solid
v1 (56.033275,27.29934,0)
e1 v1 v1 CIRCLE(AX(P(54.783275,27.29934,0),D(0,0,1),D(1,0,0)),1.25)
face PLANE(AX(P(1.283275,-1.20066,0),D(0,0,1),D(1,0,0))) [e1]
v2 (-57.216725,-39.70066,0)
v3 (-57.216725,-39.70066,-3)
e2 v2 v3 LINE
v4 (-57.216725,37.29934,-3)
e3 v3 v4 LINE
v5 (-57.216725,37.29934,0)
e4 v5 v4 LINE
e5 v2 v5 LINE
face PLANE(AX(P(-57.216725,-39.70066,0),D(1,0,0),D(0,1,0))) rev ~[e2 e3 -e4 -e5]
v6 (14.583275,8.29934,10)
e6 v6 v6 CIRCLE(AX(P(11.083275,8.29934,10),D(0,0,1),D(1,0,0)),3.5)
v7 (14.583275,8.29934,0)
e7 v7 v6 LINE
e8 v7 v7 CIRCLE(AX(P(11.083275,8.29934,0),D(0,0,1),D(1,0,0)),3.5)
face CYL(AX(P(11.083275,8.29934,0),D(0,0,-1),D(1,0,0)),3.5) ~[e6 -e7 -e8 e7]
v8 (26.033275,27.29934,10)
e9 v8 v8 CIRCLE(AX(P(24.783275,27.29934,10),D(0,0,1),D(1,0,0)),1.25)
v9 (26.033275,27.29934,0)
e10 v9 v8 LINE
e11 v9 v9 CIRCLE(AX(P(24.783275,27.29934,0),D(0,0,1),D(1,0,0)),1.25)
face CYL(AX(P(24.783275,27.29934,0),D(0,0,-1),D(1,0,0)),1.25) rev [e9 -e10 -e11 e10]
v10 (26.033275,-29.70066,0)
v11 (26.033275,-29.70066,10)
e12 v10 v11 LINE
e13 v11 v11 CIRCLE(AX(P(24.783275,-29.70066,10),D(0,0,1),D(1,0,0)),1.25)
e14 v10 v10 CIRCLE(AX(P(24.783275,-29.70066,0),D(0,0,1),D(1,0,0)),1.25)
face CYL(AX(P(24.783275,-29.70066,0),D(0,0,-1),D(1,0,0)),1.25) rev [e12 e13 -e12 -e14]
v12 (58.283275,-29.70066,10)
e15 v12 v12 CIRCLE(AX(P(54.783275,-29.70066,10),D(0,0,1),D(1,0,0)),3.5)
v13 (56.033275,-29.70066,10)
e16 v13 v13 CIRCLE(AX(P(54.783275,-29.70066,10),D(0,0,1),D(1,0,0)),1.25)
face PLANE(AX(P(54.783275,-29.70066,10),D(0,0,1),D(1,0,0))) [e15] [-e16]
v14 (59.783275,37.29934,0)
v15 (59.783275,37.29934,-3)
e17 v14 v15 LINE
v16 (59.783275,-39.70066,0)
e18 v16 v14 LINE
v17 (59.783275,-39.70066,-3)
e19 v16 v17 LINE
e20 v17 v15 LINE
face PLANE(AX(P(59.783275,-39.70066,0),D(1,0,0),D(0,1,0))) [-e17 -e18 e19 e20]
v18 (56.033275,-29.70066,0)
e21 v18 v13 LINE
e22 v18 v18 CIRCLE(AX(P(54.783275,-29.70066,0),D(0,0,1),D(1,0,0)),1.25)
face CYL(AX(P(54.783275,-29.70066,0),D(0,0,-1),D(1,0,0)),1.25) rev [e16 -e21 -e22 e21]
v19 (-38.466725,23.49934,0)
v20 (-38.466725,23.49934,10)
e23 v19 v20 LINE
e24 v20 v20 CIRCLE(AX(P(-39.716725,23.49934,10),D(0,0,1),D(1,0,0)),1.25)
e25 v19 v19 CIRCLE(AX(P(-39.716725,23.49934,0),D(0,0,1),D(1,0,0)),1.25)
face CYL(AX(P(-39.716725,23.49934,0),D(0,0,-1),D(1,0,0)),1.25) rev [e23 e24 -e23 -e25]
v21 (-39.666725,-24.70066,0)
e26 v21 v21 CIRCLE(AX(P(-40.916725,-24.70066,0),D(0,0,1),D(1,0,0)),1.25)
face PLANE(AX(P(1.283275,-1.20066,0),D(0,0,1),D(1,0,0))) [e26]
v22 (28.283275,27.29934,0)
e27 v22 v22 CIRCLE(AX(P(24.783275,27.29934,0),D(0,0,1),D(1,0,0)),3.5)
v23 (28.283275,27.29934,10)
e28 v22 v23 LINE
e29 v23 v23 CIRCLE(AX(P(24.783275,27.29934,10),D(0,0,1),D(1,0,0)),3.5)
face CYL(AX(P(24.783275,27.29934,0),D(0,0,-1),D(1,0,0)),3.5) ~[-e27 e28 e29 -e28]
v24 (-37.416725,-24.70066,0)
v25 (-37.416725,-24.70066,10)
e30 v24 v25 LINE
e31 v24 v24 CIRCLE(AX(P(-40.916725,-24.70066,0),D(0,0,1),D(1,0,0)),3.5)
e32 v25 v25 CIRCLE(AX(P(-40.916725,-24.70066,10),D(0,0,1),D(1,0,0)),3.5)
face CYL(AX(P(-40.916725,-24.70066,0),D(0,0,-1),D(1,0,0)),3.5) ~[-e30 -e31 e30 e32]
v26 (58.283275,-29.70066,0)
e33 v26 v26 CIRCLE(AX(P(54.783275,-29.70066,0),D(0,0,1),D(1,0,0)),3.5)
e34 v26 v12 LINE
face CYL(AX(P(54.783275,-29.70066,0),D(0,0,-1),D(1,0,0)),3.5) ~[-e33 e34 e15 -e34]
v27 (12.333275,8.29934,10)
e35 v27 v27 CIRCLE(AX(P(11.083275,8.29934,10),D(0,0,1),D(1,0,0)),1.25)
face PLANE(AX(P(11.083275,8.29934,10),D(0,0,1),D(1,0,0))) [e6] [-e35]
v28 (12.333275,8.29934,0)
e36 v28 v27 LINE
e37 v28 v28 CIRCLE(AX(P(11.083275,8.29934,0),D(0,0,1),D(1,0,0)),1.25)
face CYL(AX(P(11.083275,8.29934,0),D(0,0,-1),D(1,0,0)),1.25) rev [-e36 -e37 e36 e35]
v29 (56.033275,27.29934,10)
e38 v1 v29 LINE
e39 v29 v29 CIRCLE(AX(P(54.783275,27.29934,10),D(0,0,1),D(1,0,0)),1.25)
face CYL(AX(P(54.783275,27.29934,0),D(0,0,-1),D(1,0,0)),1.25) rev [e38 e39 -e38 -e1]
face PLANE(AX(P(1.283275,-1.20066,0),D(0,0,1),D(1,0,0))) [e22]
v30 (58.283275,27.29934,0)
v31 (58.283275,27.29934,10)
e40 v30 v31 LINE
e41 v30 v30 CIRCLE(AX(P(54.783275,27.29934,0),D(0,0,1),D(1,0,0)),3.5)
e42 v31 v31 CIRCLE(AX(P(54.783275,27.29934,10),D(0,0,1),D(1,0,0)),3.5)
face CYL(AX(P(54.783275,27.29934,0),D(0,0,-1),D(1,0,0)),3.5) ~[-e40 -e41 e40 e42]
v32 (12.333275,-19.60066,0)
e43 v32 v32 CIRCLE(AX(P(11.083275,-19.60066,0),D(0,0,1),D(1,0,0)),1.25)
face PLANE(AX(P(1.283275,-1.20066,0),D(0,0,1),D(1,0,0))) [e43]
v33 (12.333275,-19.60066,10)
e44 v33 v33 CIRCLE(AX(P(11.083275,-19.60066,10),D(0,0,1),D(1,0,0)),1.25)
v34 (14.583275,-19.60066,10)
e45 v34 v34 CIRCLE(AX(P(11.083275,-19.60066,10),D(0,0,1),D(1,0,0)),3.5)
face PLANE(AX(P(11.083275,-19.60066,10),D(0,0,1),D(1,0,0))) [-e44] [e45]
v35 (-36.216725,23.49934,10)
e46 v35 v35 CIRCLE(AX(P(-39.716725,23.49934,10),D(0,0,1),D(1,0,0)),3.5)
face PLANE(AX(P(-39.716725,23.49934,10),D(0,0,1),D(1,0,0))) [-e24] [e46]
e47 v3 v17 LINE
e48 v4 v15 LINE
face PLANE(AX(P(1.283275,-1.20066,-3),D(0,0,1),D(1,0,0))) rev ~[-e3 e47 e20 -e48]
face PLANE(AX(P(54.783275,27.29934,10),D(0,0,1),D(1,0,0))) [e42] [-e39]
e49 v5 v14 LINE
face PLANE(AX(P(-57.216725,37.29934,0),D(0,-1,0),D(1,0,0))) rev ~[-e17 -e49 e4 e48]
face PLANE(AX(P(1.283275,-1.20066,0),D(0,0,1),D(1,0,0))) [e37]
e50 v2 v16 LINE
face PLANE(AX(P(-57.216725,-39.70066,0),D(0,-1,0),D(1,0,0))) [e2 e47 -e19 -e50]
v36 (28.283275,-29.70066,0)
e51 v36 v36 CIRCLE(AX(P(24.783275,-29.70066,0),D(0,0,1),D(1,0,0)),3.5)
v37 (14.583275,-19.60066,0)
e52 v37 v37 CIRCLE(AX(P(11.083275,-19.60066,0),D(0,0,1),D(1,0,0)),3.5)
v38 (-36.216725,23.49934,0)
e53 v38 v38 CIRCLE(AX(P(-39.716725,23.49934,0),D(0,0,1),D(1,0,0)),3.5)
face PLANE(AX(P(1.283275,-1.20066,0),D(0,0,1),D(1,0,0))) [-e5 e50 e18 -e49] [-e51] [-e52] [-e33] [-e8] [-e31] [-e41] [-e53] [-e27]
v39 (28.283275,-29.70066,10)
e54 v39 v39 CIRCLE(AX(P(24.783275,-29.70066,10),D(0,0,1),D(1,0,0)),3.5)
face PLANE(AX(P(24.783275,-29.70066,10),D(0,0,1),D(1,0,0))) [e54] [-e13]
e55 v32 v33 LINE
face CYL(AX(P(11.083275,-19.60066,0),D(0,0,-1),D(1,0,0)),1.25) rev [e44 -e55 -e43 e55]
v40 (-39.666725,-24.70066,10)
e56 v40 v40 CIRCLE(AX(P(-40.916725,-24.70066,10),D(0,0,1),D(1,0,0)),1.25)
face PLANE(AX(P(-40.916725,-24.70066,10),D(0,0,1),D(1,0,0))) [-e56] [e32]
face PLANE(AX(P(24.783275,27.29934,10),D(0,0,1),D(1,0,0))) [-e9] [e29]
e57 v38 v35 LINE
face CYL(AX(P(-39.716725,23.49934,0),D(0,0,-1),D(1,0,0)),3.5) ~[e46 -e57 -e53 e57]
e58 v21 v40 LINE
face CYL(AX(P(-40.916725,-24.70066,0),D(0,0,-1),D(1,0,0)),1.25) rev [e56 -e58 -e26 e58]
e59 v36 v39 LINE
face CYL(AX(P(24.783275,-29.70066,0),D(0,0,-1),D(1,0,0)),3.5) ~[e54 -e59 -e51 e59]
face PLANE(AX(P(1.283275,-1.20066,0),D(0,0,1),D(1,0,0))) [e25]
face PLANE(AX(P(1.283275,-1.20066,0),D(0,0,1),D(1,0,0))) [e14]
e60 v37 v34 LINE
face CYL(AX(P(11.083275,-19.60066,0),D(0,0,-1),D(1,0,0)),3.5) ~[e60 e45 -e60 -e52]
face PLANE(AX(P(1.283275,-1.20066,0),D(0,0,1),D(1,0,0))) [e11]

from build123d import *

# Parameters (mm, degrees)
F0_W     = 117
F0_H     = 77
F0_R     = 3.5
F0_R_2   = 1.25
F1_DEPTH = 3
F2_DEPTH = 10


with BuildPart() as f1:
    # F0 (on Top) → F1 (new body)
    with BuildSketch(Plane.XY):
        with Locations((1.2832747996, -1.2006596088)):
            Rectangle(F0_W, F0_H)
        with Locations((-40.9167252004, -24.7006596088)):
            Circle(F0_R, mode=Mode.SUBTRACT)
        with Locations((24.7832747996, -29.7006596088)):
            Circle(F0_R, mode=Mode.SUBTRACT)
        with Locations((54.7832747996, -29.7006596088)):
            Circle(F0_R, mode=Mode.SUBTRACT)
        with Locations((11.0832747996, -19.6006596088)):
            Circle(F0_R, mode=Mode.SUBTRACT)
        with Locations((-39.7167252004, 23.4993403912)):
            Circle(F0_R, mode=Mode.SUBTRACT)
        with Locations((11.0832747996, 8.2993403912)):
            Circle(F0_R, mode=Mode.SUBTRACT)
        with Locations((24.7832747996, 27.2993403912)):
            Circle(F0_R, mode=Mode.SUBTRACT)
        with Locations((54.7832747996, 27.2993403912)):
            Circle(F0_R, mode=Mode.SUBTRACT)
        with Locations((-39.7167252004, 23.4993403912)):
            Circle(F0_R)
        with Locations((-39.7167252004, 23.4993403912)):
            Circle(F0_R_2, mode=Mode.SUBTRACT)
        with Locations((11.0832747996, 8.2993403912)):
            Circle(F0_R)
        with Locations((11.0832747996, 8.2993403912)):
            Circle(F0_R_2, mode=Mode.SUBTRACT)
        with Locations((11.0832747996, -19.6006596088)):
            Circle(F0_R)
        with Locations((11.0832747996, -19.6006596088)):
            Circle(F0_R_2, mode=Mode.SUBTRACT)
        with Locations((-40.9167252004, -24.7006596088)):
            Circle(F0_R)
        with Locations((-40.9167252004, -24.7006596088)):
            Circle(F0_R_2, mode=Mode.SUBTRACT)
        with Locations((24.7832747996, 27.2993403912)):
            Circle(F0_R)
        with Locations((24.7832747996, 27.2993403912)):
            Circle(F0_R_2, mode=Mode.SUBTRACT)
        with Locations((54.7832747996, 27.2993403912)):
            Circle(F0_R)
        with Locations((54.7832747996, 27.2993403912)):
            Circle(F0_R_2, mode=Mode.SUBTRACT)
        with Locations((54.7832747996, -29.7006596088)):
            Circle(F0_R)
        with Locations((54.7832747996, -29.7006596088)):
            Circle(F0_R_2, mode=Mode.SUBTRACT)
        with Locations((24.7832747996, -29.7006596088)):
            Circle(F0_R)
        with Locations((24.7832747996, -29.7006596088)):
            Circle(F0_R_2, mode=Mode.SUBTRACT)
        with Locations((11.0832747996, 8.2993403912)):
            Circle(F0_R_2)
        with Locations((11.0832747996, -19.6006596088)):
            Circle(F0_R_2)
        with Locations((-40.9167252004, -24.7006596088)):
            Circle(F0_R_2)
        with Locations((-39.7167252004, 23.4993403912)):
            Circle(F0_R_2)
        with Locations((24.7832747996, 27.2993403912)):
            Circle(F0_R_2)
        with Locations((54.7832747996, 27.2993403912)):
            Circle(F0_R_2)
        with Locations((54.7832747996, -29.7006596088)):
            Circle(F0_R_2)
        with Locations((24.7832747996, -29.7006596088)):
            Circle(F0_R_2)
    extrude(amount=-F1_DEPTH)

    # F0 (on Top) → F2 (join)
    with BuildSketch(Plane.XY):
        with Locations((-39.7167252004, 23.4993403912)):
            Circle(F0_R)
        with Locations((-39.7167252004, 23.4993403912)):
            Circle(F0_R_2, mode=Mode.SUBTRACT)
        with Locations((11.0832747996, 8.2993403912)):
            Circle(F0_R)
        with Locations((11.0832747996, 8.2993403912)):
            Circle(F0_R_2, mode=Mode.SUBTRACT)
        with Locations((11.0832747996, -19.6006596088)):
            Circle(F0_R)
        with Locations((11.0832747996, -19.6006596088)):
            Circle(F0_R_2, mode=Mode.SUBTRACT)
        with Locations((-40.9167252004, -24.7006596088)):
            Circle(F0_R)
        with Locations((-40.9167252004, -24.7006596088)):
            Circle(F0_R_2, mode=Mode.SUBTRACT)
        with Locations((24.7832747996, -29.7006596088)):
            Circle(F0_R)
        with Locations((24.7832747996, -29.7006596088)):
            Circle(F0_R_2, mode=Mode.SUBTRACT)
        with Locations((54.7832747996, -29.7006596088)):
            Circle(F0_R)
        with Locations((54.7832747996, -29.7006596088)):
            Circle(F0_R_2, mode=Mode.SUBTRACT)
        with Locations((24.7832747996, 27.2993403912)):
            Circle(F0_R)
        with Locations((24.7832747996, 27.2993403912)):
            Circle(F0_R_2, mode=Mode.SUBTRACT)
        with Locations((54.7832747996, 27.2993403912)):
            Circle(F0_R)
        with Locations((54.7832747996, 27.2993403912)):
            Circle(F0_R_2, mode=Mode.SUBTRACT)
    extrude(amount=F2_DEPTH)


solid = f1.part
